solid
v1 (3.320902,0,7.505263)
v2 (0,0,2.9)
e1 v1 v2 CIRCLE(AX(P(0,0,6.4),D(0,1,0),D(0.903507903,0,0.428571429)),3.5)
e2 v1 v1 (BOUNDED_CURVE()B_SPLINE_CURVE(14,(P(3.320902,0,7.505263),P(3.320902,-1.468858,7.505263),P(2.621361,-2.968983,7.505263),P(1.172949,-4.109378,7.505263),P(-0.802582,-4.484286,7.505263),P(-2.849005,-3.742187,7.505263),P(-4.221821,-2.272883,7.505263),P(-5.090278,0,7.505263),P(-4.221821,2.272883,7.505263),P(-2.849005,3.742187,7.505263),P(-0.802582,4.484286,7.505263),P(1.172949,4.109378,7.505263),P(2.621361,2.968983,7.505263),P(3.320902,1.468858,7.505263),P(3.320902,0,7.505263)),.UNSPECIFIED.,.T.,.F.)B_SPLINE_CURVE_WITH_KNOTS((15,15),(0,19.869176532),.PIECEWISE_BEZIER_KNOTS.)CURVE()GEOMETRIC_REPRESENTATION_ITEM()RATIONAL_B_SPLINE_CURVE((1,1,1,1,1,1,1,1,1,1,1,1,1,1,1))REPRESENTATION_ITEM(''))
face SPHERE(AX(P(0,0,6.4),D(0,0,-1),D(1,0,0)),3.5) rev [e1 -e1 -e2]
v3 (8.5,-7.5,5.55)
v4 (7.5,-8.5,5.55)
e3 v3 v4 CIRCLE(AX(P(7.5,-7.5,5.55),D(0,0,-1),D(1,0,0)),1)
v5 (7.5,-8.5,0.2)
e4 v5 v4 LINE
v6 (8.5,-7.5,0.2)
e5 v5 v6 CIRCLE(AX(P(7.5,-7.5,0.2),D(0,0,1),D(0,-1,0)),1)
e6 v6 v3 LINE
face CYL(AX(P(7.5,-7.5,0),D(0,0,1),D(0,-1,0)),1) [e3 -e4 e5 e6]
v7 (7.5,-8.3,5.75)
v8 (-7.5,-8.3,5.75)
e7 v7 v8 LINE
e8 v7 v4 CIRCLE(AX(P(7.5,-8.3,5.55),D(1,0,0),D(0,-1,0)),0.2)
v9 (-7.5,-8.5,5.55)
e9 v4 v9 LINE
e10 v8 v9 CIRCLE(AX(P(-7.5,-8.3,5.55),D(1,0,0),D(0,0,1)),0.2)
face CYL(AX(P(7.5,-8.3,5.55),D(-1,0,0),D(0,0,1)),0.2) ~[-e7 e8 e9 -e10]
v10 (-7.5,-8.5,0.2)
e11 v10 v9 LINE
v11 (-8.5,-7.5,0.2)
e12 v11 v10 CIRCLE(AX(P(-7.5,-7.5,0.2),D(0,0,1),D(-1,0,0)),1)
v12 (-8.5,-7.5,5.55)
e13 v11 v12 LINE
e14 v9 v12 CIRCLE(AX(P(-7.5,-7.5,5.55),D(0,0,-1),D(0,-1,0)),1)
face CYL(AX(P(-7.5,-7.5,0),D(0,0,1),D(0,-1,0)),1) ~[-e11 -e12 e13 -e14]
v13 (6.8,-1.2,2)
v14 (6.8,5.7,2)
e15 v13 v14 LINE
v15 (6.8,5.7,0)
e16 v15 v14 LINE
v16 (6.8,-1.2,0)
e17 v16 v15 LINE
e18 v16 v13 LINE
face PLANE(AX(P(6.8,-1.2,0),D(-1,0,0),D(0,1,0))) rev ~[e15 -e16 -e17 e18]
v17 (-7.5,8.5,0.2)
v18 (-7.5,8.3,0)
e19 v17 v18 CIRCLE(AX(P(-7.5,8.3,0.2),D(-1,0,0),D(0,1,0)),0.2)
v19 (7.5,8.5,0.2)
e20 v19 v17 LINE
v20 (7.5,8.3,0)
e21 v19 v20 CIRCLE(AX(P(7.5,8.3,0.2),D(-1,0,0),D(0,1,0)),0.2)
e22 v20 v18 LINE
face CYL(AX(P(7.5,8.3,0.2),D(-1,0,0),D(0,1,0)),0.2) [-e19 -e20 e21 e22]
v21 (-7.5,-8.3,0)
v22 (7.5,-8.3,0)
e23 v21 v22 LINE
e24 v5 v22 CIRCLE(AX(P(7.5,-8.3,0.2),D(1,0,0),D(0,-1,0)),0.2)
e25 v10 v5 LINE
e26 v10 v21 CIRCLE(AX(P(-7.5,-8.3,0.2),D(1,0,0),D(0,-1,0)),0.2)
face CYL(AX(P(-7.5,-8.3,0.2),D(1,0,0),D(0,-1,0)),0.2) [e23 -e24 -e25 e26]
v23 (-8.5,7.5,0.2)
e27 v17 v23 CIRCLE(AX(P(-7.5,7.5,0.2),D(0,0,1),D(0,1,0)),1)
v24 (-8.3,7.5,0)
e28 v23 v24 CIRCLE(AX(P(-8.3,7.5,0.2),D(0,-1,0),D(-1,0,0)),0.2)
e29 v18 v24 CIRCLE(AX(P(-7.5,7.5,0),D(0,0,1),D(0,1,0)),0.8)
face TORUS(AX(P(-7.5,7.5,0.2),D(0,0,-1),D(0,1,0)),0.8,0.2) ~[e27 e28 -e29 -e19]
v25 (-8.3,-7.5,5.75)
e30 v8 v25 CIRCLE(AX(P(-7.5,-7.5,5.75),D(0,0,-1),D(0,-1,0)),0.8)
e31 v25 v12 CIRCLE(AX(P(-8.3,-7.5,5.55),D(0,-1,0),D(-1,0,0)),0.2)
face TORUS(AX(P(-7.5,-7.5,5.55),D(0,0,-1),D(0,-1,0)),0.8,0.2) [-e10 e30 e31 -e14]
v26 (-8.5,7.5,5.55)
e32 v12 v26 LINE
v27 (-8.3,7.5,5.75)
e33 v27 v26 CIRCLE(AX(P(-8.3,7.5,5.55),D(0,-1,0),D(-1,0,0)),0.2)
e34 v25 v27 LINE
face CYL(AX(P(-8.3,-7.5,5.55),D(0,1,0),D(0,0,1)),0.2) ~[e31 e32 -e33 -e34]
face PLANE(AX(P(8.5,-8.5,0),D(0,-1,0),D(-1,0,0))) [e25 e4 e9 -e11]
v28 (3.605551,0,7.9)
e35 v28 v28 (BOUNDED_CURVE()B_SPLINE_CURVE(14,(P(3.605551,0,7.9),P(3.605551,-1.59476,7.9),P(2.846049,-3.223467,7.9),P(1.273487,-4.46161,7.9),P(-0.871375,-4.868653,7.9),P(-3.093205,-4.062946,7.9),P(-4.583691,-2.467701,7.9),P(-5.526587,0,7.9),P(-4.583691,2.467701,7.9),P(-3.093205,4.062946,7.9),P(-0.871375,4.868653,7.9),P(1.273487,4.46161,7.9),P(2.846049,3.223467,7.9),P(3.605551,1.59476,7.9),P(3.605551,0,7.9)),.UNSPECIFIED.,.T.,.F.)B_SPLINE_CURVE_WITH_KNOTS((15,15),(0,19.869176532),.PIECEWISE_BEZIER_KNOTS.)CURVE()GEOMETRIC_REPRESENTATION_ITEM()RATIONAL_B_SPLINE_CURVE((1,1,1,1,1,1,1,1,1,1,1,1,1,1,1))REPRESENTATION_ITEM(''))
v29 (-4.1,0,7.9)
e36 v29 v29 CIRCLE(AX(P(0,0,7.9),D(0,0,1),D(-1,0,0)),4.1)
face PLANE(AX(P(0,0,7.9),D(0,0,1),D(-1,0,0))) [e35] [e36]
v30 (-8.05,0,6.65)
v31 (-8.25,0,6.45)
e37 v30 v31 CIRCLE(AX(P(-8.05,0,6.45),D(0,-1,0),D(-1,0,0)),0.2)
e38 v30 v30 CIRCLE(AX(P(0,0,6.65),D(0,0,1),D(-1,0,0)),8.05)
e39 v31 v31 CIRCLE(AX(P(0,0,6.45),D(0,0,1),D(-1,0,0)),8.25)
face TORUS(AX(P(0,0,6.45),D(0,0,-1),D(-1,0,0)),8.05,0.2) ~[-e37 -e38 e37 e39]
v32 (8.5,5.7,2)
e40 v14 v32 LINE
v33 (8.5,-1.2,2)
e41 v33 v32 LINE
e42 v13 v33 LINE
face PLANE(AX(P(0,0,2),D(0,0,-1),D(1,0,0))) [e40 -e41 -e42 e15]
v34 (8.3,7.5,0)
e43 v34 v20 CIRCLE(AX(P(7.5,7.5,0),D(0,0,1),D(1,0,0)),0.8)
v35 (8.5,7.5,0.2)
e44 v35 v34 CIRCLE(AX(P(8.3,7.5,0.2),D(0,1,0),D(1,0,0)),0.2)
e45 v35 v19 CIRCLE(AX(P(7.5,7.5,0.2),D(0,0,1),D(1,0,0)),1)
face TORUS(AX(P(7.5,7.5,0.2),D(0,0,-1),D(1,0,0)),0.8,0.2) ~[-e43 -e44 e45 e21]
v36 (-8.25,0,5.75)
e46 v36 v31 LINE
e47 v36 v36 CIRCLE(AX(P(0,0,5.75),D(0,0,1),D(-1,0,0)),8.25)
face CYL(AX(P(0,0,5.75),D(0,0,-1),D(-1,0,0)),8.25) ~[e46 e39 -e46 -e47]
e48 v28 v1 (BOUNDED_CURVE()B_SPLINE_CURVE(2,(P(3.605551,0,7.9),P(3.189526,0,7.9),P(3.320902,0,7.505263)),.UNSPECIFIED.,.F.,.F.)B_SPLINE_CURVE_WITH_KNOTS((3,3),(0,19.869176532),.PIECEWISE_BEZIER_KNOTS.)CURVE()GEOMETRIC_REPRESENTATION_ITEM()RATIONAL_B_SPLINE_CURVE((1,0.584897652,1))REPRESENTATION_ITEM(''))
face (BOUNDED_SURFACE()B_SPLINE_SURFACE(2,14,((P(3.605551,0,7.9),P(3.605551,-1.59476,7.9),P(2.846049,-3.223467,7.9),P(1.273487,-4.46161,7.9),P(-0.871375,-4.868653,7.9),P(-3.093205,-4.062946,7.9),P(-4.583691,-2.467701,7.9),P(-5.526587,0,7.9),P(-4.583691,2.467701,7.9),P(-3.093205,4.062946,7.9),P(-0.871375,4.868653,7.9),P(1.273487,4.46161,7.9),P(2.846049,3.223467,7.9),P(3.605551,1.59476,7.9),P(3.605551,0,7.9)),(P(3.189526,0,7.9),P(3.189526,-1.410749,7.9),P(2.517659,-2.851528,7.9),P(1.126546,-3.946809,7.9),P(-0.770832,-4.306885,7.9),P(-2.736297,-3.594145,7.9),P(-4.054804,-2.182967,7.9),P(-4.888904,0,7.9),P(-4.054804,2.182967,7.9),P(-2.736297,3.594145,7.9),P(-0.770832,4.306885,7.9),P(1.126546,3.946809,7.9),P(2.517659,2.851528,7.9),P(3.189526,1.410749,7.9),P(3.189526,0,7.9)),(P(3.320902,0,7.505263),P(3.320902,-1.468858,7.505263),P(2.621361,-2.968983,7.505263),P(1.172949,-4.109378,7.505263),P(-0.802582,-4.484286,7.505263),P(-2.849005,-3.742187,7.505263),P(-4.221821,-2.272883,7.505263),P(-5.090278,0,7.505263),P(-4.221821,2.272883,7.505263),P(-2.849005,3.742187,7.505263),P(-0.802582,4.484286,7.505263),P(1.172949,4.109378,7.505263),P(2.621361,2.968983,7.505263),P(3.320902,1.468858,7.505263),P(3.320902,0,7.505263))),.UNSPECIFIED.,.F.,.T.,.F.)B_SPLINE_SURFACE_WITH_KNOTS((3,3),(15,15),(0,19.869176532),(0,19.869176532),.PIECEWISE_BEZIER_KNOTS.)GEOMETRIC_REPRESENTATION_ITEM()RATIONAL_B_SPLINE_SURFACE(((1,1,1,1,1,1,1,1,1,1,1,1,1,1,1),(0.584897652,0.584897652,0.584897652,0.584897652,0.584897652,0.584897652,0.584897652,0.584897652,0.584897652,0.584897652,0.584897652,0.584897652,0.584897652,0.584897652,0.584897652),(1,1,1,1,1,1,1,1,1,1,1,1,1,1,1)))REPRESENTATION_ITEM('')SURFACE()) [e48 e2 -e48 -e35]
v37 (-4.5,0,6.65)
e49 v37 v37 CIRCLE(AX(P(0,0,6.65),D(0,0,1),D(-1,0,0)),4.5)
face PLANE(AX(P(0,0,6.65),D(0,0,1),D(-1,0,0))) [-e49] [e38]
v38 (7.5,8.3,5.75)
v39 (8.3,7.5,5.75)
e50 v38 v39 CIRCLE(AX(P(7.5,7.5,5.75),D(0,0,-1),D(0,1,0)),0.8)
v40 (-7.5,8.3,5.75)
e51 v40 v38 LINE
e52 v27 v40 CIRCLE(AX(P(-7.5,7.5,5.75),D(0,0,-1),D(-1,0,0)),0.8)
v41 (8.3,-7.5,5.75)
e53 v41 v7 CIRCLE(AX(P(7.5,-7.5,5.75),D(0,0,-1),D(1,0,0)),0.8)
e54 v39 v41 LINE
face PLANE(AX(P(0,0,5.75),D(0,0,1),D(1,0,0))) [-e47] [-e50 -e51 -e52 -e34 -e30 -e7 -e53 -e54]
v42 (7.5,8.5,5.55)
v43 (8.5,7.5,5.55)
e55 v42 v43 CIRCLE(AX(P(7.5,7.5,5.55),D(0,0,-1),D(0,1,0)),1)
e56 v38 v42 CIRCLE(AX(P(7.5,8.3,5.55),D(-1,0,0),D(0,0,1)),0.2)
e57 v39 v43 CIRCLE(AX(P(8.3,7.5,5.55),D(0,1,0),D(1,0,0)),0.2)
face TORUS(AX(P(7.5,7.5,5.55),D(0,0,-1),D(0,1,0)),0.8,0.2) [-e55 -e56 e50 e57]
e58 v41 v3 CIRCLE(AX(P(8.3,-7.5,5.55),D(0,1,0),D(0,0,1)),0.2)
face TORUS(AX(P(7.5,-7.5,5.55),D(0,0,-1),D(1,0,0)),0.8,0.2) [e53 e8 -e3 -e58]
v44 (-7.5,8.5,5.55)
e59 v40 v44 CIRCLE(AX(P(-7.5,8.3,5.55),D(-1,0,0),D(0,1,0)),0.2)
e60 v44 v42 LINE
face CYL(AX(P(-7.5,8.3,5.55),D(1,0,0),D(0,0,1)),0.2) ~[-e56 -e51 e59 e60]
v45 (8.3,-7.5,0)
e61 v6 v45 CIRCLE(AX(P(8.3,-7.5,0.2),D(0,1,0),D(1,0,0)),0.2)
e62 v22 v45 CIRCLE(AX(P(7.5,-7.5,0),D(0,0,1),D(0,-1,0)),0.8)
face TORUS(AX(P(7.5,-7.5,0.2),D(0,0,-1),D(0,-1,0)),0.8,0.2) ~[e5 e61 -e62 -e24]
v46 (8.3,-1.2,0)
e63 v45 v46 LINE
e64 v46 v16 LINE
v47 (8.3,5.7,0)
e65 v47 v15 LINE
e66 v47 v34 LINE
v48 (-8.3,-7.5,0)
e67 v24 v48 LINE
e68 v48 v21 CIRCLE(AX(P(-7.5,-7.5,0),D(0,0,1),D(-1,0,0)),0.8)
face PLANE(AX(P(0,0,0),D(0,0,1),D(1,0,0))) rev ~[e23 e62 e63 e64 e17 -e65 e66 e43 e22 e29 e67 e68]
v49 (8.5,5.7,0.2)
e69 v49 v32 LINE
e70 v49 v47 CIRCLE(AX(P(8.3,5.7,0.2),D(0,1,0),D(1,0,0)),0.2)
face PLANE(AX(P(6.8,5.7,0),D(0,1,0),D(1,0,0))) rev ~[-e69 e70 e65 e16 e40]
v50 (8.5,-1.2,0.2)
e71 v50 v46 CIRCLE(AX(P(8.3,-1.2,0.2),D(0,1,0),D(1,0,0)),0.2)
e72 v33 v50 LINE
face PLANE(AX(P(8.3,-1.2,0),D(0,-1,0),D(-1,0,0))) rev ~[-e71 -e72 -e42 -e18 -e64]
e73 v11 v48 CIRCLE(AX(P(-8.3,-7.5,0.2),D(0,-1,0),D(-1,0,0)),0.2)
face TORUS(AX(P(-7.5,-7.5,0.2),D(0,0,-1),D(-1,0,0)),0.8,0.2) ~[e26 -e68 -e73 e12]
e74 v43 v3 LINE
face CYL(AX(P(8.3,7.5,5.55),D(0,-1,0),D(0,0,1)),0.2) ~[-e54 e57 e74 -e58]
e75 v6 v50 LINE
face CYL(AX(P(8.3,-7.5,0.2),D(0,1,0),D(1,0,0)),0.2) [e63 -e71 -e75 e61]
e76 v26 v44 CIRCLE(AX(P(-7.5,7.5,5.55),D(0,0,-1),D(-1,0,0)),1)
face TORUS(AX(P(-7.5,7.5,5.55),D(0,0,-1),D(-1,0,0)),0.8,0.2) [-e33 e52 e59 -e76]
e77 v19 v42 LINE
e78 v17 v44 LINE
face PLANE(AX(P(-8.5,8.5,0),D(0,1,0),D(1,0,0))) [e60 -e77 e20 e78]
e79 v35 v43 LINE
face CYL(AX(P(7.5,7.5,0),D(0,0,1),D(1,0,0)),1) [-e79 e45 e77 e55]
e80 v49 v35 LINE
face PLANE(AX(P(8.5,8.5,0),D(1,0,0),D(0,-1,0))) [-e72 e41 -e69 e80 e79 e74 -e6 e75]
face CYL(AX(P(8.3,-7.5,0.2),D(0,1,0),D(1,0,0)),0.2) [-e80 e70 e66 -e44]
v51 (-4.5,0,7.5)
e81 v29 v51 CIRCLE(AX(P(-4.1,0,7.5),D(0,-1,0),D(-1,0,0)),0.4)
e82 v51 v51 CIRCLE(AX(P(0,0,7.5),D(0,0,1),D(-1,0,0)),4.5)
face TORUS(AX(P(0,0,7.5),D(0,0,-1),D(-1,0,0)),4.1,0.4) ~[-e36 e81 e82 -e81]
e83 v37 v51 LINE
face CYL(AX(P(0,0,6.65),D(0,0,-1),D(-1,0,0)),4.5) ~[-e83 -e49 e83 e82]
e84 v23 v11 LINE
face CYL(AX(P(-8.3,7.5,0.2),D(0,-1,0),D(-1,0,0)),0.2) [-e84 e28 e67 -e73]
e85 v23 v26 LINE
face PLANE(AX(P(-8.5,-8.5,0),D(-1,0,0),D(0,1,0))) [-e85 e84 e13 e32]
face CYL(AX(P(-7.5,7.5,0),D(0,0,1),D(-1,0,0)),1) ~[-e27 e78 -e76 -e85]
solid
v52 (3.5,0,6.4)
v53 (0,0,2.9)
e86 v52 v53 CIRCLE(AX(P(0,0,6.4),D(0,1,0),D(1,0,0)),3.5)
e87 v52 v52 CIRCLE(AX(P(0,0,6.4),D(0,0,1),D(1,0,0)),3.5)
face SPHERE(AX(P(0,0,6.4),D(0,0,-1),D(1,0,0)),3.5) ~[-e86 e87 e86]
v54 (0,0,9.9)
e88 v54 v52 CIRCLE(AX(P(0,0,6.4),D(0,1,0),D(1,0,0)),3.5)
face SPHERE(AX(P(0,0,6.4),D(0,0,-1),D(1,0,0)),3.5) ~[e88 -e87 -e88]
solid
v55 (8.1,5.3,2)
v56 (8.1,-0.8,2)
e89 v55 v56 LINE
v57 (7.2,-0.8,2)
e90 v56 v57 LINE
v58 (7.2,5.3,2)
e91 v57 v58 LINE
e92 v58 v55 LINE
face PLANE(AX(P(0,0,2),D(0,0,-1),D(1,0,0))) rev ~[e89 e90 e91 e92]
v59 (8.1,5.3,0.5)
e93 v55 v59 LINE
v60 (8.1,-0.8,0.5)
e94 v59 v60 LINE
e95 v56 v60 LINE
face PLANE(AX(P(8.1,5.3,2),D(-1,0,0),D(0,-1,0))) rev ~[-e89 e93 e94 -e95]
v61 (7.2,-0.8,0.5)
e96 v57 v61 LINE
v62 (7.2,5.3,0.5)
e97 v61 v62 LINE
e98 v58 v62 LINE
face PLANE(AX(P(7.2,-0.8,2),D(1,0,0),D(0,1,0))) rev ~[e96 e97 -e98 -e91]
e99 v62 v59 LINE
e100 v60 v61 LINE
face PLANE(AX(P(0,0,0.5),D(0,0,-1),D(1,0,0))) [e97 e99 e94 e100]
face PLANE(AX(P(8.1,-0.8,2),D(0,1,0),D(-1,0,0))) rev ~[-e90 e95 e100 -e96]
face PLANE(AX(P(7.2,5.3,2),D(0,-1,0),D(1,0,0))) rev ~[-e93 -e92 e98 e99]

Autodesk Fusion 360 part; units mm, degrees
sketch "Skizze1" plane through (0, 0, 0) normal (0, 0, 1) x (1, 0, 0)
  line L0 (8.5, -8.5) -> (-8.5, -8.5)
  line L1 (-8.5, -8.5) -> (-8.5, 8.5)
  line L2 (-8.5, 8.5) -> (8.5, 8.5)
  line L3 (8.5, 8.5) -> (8.5, -8.5)
  line L4 (8.5, -8.5) -> (-8.5, 8.5) construction
  line L5 (-8.5, -8.5) -> (8.5, 8.5) construction
  dimension "d1" = 17
  dimension "d2" = 17
extrude "Extrusion1" add sketch "Skizze1" along normal blind 5.75 makes body 1
sketch "Skizze2" plane through (0, 0, 5.75) normal (0, 0, 1) x (-1, 0, 0)
  line L0 (-8.5, -8.5) -> (8.5, -8.5)
  line L1 (8.5, -8.5) -> (8.5, 8.5)
  line L2 (8.5, 8.5) -> (-8.5, 8.5)
  line L3 (-8.5, 8.5) -> (-8.5, -8.5)
  circle A0 centre (0, 0) radius 8.25
  dimension "d5" = 16.5
extrude "Extrusion2" add sketch "Skizze2" along normal blind 0.9 contours A0 bodies 1
sketch "Skizze3" plane through (0, 0, 6.65) normal (0, 0, 1) x (-1, 0, 0)
  circle A0 centre (0, 0) radius 8.25
  circle A1 centre (0, 0) radius 4.5
  dimension "d8" = 9
extrude "Extrusion3" add sketch "Skizze3" along normal blind 1.25 contours A1 bodies 1
sketch "Skizze4" plane through (0, 0, 0) normal (0, 1, 0) x (1, 0, 0)
  circle A0 centre (0, -6.4) radius 3.5
  line L0 (-8.5, 0) -> (8.5, 0)
  line L1 (0, 0) -> (0, -9.9) construction
  line L2 (0, -9.9) -> (0, -2.9)
  dimension "d11" = 7
  dimension "d12" = 9.9
revolve "Drehen1" add sketch "Skizze4" angle 360 about axis through (0, 0, 0) along (0, 0, 1) separate body contours A0 L2 picked at (1.5391, -5.636) makes body 2
combine "Kombinieren1" operation cut target body 1 tool bodies 2 keep tools
fillet "Abrundung1" radius 0.3 1 edges at (-1.1435, -2.9483, 7.9) on bodies 1
fillet "Abrundung2" radius 0.4 1 edges at (4.1955, 1.6273, 7.9) on bodies 1
fillet "Abrundung3" radius 0.2 1 edges at (7.6917, 2.9833, 6.65) on bodies 1
fillet "Abrundung4" radius 1 4 edges at (-8.5, -8.5, 2.875) (8.5, -8.5, 2.875) (8.5, 8.5, 2.875) (-8.5, 8.5, 2.875) on bodies 1
fillet "Abrundung5" radius 0.2 16 edges at (-8.2071, 8.2071, 5.75) (-8.5, 0, 5.75) (-8.2071, -8.2071, 5.75) (0, -8.5, 5.75) (8.2071, -8.2071, 5.75) (8.5, 0, 5.75) (8.2071, 8.2071, 5.75) (0, 8.5, 5.75) (8.2071, 8.2071, 0) (8.5, 0, 0) (8.2071, -8.2071, 0) (0, -8.5, 0) (-8.2071, -8.2071, 0) (-8.5, 0, 0) (-8.2071, 8.2071, 0) (0, 8.5, 0) on bodies 1
sketch "Skizze5" plane through (0, 0, 0) normal (0, 0, -1) x (1, 0, 0)
  arc A0 (7.5, -8.3) -> (8.3, -7.5) centre (7.5, -7.5) ccw
  line L0 (8.3, -7.5) -> (8.3, 7.5)
  arc A1 (8.3, 7.5) -> (7.5, 8.3) centre (7.5, 7.5) ccw
  line L1 (7.5, 8.3) -> (-7.5, 8.3)
  arc A2 (-7.5, 8.3) -> (-8.3, 7.5) centre (-7.5, 7.5) ccw
  line L2 (-8.3, 7.5) -> (-8.3, -7.5)
  arc A3 (-8.3, -7.5) -> (-7.5, -8.3) centre (-7.5, -7.5) ccw
  line L3 (-7.5, -8.3) -> (7.5, -8.3)
  line L4 (8.3, 1.2) -> (6.8, 1.2)
  line L5 (6.8, 1.2) -> (6.8, -5.7)
  line L6 (6.8, -5.7) -> (8.3, -5.7)
  line L7 (8.3, -5.7) -> (8.3, 1.2)
  line L8 (6.8, 1.2) -> (9.6497, 1.2)
  line L9 (9.6497, 1.2) -> (9.6497, -5.7)
  line L10 (9.6497, -5.7) -> (6.8, -5.7)
  line L11 (6.8, -5.7) -> (6.8, 1.2)
  dimension "d24" = 9.5
  dimension "d25" = 14
  dimension "d26" = 1.5
extrude "Extrusion4" cut sketch "Skizze5" against normal blind 2 contours L0 L4 L5 L6 L7 L8 L10 L11 | L0 L7 L8 L9 L10 bodies 1
sketch "Skizze6" plane through (0, 0, 2) normal (0, 0, -1) x (1, 0, 0)
  line L0 (8.5, -5.7) -> (8.5, 1.2)
  line L1 (8.5, 1.2) -> (6.8, 1.2)
  line L2 (6.8, 1.2) -> (6.8, -5.7)
  line L3 (6.8, -5.7) -> (8.5, -5.7)
  line L4 (7.2, 0.8) -> (7.2, -5.3)
  line L5 (7.2, -5.3) -> (8.1, -5.3)
  line L6 (8.1, -5.3) -> (8.1, 0.8)
  line L7 (8.1, 0.8) -> (7.2, 0.8)
  dimension "d30" = -0.4
extrude "Extrusion5" add sketch "Skizze6" along normal blind 1.5 separate body contours L4 L5 L6 L7 makes body 3
sketch "Skizze7" plane through (8.1, 0, 0) normal (1, 0, 0) x (0, 1, 0)
  line L0 (5.3, 2) -> (-0.8, 2)
  line L1 (-0.8, 2) -> (-0.8, 0.5)
  line L2 (-0.8, 0.5) -> (5.3, 0.5)
  line L3 (5.3, 0.5) -> (5.3, 2)
sketch "Skizze8" plane through (8.1, 0, 0) normal (1, 0, 0) x (0, 1, 0)
equation "d6 = 6.65 mm - 5.75 mm"
equation "d9 = 7.9 mm - 6.65 mm"
